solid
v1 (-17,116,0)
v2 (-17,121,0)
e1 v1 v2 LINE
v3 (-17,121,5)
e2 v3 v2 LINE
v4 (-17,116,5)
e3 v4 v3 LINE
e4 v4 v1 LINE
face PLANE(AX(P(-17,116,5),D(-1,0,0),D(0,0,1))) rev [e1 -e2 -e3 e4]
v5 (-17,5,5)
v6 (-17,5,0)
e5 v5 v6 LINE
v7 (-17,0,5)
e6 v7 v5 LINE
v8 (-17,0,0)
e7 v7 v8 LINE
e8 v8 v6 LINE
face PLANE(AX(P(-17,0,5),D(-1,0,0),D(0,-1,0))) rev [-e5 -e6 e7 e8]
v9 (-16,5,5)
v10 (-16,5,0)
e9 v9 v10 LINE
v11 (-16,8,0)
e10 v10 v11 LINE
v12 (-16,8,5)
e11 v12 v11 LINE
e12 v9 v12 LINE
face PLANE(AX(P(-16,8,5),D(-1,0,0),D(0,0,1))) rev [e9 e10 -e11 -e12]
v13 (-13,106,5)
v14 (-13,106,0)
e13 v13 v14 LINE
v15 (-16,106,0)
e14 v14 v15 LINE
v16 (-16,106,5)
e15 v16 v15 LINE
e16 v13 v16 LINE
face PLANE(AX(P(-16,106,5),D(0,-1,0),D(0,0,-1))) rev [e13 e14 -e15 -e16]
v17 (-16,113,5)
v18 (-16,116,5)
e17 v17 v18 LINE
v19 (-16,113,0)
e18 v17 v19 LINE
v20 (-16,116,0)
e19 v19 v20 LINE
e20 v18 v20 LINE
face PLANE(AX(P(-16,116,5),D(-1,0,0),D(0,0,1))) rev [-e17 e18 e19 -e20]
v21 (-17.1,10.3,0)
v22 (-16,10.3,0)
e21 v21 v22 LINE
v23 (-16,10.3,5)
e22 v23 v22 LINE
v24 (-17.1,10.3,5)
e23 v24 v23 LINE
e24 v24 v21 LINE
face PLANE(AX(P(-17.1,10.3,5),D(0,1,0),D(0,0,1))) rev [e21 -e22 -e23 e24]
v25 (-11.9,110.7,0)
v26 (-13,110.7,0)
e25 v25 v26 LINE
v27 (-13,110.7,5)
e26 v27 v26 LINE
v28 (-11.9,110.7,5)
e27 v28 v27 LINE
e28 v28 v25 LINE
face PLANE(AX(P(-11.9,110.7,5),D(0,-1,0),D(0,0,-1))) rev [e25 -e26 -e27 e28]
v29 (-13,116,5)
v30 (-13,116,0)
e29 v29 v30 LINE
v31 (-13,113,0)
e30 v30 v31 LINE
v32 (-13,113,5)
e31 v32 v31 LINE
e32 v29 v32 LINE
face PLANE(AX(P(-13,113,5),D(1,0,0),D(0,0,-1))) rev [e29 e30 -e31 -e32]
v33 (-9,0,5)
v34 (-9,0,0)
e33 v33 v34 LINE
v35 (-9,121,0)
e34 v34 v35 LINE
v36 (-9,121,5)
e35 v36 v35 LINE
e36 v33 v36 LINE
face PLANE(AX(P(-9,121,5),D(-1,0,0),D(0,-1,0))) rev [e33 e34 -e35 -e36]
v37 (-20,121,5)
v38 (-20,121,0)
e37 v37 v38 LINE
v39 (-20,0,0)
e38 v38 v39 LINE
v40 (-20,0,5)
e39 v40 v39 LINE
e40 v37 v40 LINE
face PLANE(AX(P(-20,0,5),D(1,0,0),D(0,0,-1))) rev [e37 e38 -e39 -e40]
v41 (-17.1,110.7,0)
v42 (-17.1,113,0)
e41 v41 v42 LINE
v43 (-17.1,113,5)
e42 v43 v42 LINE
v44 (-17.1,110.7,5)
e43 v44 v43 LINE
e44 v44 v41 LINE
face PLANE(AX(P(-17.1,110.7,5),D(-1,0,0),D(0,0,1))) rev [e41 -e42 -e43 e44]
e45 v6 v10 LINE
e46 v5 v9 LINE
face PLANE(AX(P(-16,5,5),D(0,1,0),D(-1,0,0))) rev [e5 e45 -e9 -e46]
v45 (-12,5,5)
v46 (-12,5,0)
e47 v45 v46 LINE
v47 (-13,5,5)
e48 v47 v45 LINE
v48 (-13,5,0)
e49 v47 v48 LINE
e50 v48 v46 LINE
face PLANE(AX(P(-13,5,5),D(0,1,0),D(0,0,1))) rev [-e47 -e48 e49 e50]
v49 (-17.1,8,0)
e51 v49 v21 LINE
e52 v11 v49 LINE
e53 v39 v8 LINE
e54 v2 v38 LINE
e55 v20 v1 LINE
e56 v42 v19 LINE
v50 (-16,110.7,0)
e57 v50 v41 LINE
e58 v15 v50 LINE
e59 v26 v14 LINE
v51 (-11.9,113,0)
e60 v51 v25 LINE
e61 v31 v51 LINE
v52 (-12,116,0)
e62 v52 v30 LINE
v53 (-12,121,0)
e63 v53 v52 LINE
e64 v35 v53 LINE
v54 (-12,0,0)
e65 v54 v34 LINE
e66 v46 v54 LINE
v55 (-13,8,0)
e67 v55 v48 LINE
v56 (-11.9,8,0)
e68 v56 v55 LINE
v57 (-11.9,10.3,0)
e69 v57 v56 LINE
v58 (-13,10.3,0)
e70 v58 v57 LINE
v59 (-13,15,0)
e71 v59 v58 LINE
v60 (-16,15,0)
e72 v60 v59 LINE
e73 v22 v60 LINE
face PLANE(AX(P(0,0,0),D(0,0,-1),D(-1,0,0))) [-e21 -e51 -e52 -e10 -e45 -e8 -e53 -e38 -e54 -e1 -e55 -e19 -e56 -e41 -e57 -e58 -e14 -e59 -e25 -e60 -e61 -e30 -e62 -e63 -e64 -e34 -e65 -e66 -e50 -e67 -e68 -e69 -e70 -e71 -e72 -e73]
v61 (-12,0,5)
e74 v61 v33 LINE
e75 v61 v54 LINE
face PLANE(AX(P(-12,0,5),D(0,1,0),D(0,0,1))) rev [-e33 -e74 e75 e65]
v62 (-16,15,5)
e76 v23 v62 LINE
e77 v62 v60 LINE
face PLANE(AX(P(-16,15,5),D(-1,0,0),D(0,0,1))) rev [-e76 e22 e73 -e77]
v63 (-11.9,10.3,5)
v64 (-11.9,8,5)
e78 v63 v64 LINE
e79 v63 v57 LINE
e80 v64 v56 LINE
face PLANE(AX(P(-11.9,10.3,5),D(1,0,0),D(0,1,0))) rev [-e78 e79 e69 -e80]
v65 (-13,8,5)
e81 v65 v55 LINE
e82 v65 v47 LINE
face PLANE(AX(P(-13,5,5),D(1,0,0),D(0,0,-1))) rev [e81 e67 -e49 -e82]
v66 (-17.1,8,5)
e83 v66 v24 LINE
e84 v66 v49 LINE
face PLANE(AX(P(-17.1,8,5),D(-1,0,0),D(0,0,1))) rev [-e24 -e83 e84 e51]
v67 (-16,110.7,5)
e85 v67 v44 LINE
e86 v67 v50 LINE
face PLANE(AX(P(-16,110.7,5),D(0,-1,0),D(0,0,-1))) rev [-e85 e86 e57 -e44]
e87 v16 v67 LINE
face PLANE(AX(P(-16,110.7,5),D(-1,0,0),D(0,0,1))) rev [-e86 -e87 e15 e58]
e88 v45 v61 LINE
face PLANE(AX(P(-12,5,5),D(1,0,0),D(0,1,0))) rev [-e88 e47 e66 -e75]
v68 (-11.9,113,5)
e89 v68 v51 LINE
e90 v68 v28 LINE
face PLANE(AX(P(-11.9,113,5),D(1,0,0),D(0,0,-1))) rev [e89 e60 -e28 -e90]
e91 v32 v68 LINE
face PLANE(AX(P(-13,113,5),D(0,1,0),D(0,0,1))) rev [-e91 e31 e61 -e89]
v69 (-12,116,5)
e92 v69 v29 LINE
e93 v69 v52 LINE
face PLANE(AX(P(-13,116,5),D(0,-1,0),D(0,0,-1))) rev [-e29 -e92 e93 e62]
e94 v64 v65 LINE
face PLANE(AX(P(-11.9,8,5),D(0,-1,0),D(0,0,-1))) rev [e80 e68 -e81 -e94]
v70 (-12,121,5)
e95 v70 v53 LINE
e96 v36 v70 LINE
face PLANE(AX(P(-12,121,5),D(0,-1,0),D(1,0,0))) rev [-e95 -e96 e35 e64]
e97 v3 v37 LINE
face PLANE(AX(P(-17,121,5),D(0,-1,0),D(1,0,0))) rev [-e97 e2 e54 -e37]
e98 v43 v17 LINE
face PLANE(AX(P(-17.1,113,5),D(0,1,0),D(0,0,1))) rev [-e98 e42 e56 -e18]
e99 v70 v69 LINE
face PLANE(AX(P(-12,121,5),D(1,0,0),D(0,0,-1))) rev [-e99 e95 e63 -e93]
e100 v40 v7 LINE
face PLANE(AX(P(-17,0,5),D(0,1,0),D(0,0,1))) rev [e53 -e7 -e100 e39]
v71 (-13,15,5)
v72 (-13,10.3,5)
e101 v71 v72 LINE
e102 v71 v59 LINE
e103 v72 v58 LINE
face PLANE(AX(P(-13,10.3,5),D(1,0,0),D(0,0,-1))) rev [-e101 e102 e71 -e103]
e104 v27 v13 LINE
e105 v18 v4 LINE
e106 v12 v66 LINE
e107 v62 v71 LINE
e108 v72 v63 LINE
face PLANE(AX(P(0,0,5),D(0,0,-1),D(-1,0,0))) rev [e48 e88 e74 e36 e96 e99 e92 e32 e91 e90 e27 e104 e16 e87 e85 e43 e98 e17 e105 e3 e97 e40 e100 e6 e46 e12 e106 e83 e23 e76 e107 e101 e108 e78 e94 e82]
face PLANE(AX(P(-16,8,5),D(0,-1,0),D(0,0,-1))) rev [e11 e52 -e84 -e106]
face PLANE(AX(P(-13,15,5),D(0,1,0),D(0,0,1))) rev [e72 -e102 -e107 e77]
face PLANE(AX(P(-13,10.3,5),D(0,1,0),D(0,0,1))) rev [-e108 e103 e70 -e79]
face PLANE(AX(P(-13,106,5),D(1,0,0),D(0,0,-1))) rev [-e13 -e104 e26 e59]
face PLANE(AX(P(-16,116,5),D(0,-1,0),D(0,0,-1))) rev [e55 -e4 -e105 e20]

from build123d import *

# Parameters (mm, degrees)
BOSS_EXTRUDE1_DEPTH = 5


with BuildPart() as part:
    # Sketch1 → Boss-Extrude1 (new body)
    with BuildSketch(Plane.XY):
        Polygon((-9, 116), (-9, 5), (-9, 0), (-12, 0), (-12, 5), (-13, 5), (-13, 8), (-11.9, 8), (-11.9, 10.3), (-13, 10.3), (-13, 15), (-16, 15), (-16, 10.3), (-17.1, 10.3), (-17.1, 8), (-16, 8), (-16, 5), (-17, 5), (-17, 0), (-20, 0), (-20, 5), (-20, 116), (-20, 121), (-17, 121), (-17, 116), (-16, 116), (-16, 113), (-17.1, 113), (-17.1, 110.7), (-16, 110.7), (-16, 106), (-13, 106), (-13, 110.7), (-11.9, 110.7), (-11.9, 113), (-13, 113), (-13, 116), (-12, 116), (-12, 121), (-9, 121), align=None)
    extrude(amount=BOSS_EXTRUDE1_DEPTH)


solid = part.part
